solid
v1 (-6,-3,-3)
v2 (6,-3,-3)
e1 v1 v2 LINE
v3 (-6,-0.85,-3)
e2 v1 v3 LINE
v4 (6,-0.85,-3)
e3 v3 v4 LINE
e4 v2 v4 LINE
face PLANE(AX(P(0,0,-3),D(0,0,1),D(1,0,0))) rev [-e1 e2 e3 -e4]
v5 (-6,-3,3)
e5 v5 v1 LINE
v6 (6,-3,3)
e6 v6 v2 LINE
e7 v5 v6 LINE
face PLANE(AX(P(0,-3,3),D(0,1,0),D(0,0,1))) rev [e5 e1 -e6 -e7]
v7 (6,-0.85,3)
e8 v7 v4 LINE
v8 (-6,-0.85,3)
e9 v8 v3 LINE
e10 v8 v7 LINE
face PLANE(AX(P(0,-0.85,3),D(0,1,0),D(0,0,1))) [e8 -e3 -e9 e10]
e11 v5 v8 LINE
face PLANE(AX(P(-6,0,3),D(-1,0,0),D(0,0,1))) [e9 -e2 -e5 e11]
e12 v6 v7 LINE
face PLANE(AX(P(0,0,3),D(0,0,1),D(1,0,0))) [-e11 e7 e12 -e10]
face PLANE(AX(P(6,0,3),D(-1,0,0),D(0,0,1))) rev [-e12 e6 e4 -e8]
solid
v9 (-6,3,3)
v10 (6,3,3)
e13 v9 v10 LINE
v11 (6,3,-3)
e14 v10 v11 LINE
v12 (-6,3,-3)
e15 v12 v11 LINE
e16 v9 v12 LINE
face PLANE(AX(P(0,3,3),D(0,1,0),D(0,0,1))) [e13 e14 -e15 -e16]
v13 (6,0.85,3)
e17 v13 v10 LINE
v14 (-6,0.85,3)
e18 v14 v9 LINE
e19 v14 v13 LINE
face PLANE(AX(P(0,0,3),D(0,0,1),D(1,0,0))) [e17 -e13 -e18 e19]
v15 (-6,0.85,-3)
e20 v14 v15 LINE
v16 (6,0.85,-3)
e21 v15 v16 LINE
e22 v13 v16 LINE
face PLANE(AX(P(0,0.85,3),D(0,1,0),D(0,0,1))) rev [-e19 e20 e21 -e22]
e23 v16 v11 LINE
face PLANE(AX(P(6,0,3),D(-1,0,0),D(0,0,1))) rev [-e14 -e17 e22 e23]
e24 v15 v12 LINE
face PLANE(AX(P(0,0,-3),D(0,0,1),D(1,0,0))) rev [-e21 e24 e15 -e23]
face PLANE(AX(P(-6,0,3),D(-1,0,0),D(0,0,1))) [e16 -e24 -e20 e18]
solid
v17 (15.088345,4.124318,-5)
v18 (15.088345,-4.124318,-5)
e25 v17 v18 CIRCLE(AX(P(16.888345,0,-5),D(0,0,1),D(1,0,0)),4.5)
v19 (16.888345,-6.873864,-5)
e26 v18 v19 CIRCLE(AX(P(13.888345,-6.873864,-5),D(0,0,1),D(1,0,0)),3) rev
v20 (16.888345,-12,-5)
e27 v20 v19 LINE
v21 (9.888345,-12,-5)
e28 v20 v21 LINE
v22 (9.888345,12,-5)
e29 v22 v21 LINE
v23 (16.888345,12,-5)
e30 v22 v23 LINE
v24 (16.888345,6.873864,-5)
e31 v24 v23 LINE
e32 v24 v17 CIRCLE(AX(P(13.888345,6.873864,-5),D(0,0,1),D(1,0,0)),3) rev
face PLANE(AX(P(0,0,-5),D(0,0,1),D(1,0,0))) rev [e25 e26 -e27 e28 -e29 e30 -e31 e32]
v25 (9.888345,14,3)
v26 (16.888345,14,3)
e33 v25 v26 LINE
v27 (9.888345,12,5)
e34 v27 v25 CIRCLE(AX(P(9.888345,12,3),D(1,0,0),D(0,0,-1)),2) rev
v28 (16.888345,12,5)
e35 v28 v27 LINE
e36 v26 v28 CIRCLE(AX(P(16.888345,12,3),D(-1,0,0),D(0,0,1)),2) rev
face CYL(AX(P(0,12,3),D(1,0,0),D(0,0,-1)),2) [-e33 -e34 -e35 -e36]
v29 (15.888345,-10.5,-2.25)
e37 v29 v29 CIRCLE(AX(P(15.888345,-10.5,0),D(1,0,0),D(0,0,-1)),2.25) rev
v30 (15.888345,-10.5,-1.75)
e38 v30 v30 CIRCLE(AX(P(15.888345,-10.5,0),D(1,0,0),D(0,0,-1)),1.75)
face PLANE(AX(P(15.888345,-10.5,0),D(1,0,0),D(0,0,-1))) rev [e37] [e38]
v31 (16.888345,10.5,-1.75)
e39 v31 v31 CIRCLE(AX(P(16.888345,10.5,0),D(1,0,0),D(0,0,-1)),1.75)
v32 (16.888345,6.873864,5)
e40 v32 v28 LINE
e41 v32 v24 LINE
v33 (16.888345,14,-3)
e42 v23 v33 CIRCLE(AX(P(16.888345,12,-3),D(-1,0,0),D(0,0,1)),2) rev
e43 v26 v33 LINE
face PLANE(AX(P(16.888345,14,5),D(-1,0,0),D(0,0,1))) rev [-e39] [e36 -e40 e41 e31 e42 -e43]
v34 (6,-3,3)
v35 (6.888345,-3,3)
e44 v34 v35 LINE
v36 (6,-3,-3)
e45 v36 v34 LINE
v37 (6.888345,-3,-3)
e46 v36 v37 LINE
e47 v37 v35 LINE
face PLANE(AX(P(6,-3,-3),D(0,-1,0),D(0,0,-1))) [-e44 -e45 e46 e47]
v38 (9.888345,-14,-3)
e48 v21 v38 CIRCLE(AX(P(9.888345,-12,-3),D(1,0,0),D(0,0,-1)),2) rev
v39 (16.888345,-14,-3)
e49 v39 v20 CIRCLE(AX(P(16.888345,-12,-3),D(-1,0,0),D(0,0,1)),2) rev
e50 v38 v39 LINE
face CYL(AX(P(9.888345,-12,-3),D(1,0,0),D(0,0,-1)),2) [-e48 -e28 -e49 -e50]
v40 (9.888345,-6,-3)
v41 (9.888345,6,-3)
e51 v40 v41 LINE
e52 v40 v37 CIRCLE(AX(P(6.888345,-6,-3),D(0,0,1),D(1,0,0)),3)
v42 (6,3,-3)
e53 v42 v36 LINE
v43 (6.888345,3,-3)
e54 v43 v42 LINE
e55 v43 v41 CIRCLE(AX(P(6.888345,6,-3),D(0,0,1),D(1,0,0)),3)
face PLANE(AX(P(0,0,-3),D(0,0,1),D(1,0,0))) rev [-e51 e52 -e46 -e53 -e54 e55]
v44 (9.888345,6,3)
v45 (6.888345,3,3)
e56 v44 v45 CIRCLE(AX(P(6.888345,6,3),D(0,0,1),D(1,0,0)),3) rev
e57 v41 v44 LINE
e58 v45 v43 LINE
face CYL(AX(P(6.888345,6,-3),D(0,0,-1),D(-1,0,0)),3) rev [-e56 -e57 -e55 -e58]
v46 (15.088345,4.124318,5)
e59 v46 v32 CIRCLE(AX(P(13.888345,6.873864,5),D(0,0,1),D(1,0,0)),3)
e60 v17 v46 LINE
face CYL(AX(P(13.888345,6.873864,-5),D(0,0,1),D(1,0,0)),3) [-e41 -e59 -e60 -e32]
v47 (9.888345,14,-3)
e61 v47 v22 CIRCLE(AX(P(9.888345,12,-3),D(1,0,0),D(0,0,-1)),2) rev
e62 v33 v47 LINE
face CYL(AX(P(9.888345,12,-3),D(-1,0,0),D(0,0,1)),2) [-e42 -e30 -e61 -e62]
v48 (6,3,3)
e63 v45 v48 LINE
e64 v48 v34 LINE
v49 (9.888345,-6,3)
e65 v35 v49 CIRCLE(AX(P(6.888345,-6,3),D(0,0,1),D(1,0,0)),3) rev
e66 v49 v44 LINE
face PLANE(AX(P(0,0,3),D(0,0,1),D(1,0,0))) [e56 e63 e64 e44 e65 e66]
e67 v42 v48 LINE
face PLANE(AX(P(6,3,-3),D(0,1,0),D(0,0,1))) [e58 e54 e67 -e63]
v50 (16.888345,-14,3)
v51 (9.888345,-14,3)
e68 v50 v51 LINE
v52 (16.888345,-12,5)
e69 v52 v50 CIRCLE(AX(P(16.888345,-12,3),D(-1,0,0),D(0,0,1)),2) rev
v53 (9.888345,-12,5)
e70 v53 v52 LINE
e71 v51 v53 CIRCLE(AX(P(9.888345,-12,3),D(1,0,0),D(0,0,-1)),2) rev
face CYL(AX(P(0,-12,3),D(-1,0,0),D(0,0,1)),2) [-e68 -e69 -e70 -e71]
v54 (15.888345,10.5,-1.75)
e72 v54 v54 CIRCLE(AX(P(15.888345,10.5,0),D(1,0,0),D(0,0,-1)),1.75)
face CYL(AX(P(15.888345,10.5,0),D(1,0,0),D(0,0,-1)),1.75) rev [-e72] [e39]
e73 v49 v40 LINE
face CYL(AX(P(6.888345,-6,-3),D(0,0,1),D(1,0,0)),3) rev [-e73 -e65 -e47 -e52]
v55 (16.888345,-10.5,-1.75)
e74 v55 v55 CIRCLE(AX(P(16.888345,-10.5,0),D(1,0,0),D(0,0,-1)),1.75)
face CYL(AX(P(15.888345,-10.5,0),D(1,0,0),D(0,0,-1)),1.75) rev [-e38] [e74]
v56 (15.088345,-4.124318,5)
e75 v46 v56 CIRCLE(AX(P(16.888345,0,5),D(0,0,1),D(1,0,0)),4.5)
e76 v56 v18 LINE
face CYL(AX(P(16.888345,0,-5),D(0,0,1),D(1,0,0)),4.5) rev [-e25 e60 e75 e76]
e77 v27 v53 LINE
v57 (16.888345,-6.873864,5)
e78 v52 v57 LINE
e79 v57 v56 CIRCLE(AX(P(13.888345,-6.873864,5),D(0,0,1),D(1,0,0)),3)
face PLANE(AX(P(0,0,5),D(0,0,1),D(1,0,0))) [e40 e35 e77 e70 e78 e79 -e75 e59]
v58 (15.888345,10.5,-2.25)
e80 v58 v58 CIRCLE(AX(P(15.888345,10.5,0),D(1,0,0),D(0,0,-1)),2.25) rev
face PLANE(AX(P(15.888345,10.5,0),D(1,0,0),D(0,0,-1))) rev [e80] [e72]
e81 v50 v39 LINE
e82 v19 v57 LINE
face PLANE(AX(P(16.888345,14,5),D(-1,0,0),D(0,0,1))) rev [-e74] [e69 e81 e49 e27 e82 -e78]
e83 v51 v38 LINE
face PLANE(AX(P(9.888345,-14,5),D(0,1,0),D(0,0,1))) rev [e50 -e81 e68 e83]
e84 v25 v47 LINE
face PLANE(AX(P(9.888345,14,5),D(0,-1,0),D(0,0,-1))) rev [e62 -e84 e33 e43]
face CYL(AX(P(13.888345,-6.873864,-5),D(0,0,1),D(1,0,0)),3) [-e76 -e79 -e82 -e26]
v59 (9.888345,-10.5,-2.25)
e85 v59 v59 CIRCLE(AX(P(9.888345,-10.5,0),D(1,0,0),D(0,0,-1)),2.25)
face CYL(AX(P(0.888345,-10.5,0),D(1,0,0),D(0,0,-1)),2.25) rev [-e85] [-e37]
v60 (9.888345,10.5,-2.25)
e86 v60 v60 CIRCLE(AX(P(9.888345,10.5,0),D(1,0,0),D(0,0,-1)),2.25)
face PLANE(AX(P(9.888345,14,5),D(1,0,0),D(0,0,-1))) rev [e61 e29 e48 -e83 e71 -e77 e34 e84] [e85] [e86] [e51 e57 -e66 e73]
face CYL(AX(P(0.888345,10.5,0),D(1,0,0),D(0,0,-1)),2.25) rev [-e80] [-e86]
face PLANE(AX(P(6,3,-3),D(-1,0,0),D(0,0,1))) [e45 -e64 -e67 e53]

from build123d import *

# Parameters (mm, degrees)
SKETCH1_W               = 12
SKETCH1_H               = 2.15
BOSS_EXTRUDE1_DEPTH     = 3
BOSS_EXTRUDE1_2_DEPTH   = 3
SKETCH2_W               = 4
SKETCH2_H               = 6
BOSS_EXTRUDE2_DEPTH     = 6
SKETCH3_W               = 7
SKETCH3_H               = 28
BOSS_EXTRUDE3_DEPTH     = 5
CUT_EXTRUDE1_DEPTH      = 25.108425983
CUT_EXTRUDE1_DEPTH_BACK = 25.108425983
SKETCH5_R               = 4.5
FILLET1_R               = 3
FILLET2_R               = 2
SKETCH6_R               = 2.25
CUT_EXTRUDE2_DEPTH      = 16
SKETCH7_R               = 3.026985479
SKETCH7_R_2             = 1.75
SKETCH7_R_3             = 2.865005671
BOSS_EXTRUDE4_DEPTH     = 1


with BuildPart() as part:
    # Sketch1 → Boss-Extrude1 (new, symmetric)
    with BuildSketch(Plane.XY):
        with Locations((0, 1.925)):
            Rectangle(SKETCH1_W, SKETCH1_H)
    extrude(amount=BOSS_EXTRUDE1_DEPTH, both=True)


with BuildPart() as body_2:
    # Sketch1 → Boss-Extrude1 2 (new, symmetric)
    with BuildSketch(Plane.XY):
        with Locations((0, -1.925)):
            Rectangle(SKETCH1_W, SKETCH1_H)
    extrude(amount=BOSS_EXTRUDE1_2_DEPTH, both=True)


with BuildPart() as body_3:
    # Sketch2 → Boss-Extrude2 (new body)
    with BuildSketch(Plane.XY.offset(3)):
        with Locations((8, 0)):
            Rectangle(SKETCH2_W, SKETCH2_H)
    extrude(amount=-BOSS_EXTRUDE2_DEPTH)

    # Sketch3 → Boss-Extrude3 (add, symmetric)
    with BuildSketch(Plane.XY):
        with Locations((13.388345193, 0)):
            Rectangle(SKETCH3_W, SKETCH3_H)
    extrude(amount=BOSS_EXTRUDE3_DEPTH, both=True)

    # Sketch5 → Cut-Extrude1 (cut, two sides: drawn at the far end of the back side and taken through both)
    with BuildSketch(Plane.XY.offset(5).offset(-CUT_EXTRUDE1_DEPTH_BACK)):
        with Locations((16.888345193, 0)):
            Circle(SKETCH5_R)
    extrude(amount=CUT_EXTRUDE1_DEPTH + CUT_EXTRUDE1_DEPTH_BACK, mode=Mode.SUBTRACT)

    # Fillet1
    fillet1_edges = [body_3.edges().sort_by_distance(p)[0] for p in [
        (9.888345193, -3, 0),
        (9.888345193, 3, 0),
        (16.888345193, -4.5, 0),
        (16.888345193, 4.5, 0),
    ]]
    fillet(fillet1_edges, radius=FILLET1_R)

    # Fillet2
    fillet2_edges = [body_3.edges().sort_by_distance(p)[0] for p in [
        (13.388345193, -14, -5),
        (13.388345193, 14, -5),
        (13.388345193, -14, 5),
        (13.388345193, 14, 5),
    ]]
    fillet(fillet2_edges, radius=FILLET2_R)

    # Sketch6 → Cut-Extrude2 (cut)
    with BuildSketch(Plane(origin=(16.888345193, 0, 0), x_dir=(0, 0, -1), z_dir=(1, 0, 0))):
        with Locations((0, 10.5)):
            Circle(SKETCH6_R)
        with Locations((0, -10.5)):
            Circle(SKETCH6_R)
    extrude(amount=-CUT_EXTRUDE2_DEPTH, mode=Mode.SUBTRACT)

    # Sketch7 → Boss-Extrude4 (add)
    # profile 1 of 2: a face of its own
    with BuildSketch(Plane(origin=(16.888345193, 0, 0), x_dir=(0, 0, -1), z_dir=(1, 0, 0))):
        with Locations((0, 10.5)):
            Circle(SKETCH7_R)
        with Locations((0, 10.5)):
            Circle(SKETCH7_R_2, mode=Mode.SUBTRACT)
    # profile 2 of 2: a face of its own
    with BuildSketch(Plane(origin=(16.888345193, 0, 0), x_dir=(0, 0, -1), z_dir=(1, 0, 0))):
        with Locations((0, -10.5)):
            Circle(SKETCH7_R_3)
        with Locations((0, -10.5)):
            Circle(SKETCH7_R_2, mode=Mode.SUBTRACT)
    extrude(amount=-BOSS_EXTRUDE4_DEPTH)


solid = Compound([part.part, body_2.part, body_3.part])
